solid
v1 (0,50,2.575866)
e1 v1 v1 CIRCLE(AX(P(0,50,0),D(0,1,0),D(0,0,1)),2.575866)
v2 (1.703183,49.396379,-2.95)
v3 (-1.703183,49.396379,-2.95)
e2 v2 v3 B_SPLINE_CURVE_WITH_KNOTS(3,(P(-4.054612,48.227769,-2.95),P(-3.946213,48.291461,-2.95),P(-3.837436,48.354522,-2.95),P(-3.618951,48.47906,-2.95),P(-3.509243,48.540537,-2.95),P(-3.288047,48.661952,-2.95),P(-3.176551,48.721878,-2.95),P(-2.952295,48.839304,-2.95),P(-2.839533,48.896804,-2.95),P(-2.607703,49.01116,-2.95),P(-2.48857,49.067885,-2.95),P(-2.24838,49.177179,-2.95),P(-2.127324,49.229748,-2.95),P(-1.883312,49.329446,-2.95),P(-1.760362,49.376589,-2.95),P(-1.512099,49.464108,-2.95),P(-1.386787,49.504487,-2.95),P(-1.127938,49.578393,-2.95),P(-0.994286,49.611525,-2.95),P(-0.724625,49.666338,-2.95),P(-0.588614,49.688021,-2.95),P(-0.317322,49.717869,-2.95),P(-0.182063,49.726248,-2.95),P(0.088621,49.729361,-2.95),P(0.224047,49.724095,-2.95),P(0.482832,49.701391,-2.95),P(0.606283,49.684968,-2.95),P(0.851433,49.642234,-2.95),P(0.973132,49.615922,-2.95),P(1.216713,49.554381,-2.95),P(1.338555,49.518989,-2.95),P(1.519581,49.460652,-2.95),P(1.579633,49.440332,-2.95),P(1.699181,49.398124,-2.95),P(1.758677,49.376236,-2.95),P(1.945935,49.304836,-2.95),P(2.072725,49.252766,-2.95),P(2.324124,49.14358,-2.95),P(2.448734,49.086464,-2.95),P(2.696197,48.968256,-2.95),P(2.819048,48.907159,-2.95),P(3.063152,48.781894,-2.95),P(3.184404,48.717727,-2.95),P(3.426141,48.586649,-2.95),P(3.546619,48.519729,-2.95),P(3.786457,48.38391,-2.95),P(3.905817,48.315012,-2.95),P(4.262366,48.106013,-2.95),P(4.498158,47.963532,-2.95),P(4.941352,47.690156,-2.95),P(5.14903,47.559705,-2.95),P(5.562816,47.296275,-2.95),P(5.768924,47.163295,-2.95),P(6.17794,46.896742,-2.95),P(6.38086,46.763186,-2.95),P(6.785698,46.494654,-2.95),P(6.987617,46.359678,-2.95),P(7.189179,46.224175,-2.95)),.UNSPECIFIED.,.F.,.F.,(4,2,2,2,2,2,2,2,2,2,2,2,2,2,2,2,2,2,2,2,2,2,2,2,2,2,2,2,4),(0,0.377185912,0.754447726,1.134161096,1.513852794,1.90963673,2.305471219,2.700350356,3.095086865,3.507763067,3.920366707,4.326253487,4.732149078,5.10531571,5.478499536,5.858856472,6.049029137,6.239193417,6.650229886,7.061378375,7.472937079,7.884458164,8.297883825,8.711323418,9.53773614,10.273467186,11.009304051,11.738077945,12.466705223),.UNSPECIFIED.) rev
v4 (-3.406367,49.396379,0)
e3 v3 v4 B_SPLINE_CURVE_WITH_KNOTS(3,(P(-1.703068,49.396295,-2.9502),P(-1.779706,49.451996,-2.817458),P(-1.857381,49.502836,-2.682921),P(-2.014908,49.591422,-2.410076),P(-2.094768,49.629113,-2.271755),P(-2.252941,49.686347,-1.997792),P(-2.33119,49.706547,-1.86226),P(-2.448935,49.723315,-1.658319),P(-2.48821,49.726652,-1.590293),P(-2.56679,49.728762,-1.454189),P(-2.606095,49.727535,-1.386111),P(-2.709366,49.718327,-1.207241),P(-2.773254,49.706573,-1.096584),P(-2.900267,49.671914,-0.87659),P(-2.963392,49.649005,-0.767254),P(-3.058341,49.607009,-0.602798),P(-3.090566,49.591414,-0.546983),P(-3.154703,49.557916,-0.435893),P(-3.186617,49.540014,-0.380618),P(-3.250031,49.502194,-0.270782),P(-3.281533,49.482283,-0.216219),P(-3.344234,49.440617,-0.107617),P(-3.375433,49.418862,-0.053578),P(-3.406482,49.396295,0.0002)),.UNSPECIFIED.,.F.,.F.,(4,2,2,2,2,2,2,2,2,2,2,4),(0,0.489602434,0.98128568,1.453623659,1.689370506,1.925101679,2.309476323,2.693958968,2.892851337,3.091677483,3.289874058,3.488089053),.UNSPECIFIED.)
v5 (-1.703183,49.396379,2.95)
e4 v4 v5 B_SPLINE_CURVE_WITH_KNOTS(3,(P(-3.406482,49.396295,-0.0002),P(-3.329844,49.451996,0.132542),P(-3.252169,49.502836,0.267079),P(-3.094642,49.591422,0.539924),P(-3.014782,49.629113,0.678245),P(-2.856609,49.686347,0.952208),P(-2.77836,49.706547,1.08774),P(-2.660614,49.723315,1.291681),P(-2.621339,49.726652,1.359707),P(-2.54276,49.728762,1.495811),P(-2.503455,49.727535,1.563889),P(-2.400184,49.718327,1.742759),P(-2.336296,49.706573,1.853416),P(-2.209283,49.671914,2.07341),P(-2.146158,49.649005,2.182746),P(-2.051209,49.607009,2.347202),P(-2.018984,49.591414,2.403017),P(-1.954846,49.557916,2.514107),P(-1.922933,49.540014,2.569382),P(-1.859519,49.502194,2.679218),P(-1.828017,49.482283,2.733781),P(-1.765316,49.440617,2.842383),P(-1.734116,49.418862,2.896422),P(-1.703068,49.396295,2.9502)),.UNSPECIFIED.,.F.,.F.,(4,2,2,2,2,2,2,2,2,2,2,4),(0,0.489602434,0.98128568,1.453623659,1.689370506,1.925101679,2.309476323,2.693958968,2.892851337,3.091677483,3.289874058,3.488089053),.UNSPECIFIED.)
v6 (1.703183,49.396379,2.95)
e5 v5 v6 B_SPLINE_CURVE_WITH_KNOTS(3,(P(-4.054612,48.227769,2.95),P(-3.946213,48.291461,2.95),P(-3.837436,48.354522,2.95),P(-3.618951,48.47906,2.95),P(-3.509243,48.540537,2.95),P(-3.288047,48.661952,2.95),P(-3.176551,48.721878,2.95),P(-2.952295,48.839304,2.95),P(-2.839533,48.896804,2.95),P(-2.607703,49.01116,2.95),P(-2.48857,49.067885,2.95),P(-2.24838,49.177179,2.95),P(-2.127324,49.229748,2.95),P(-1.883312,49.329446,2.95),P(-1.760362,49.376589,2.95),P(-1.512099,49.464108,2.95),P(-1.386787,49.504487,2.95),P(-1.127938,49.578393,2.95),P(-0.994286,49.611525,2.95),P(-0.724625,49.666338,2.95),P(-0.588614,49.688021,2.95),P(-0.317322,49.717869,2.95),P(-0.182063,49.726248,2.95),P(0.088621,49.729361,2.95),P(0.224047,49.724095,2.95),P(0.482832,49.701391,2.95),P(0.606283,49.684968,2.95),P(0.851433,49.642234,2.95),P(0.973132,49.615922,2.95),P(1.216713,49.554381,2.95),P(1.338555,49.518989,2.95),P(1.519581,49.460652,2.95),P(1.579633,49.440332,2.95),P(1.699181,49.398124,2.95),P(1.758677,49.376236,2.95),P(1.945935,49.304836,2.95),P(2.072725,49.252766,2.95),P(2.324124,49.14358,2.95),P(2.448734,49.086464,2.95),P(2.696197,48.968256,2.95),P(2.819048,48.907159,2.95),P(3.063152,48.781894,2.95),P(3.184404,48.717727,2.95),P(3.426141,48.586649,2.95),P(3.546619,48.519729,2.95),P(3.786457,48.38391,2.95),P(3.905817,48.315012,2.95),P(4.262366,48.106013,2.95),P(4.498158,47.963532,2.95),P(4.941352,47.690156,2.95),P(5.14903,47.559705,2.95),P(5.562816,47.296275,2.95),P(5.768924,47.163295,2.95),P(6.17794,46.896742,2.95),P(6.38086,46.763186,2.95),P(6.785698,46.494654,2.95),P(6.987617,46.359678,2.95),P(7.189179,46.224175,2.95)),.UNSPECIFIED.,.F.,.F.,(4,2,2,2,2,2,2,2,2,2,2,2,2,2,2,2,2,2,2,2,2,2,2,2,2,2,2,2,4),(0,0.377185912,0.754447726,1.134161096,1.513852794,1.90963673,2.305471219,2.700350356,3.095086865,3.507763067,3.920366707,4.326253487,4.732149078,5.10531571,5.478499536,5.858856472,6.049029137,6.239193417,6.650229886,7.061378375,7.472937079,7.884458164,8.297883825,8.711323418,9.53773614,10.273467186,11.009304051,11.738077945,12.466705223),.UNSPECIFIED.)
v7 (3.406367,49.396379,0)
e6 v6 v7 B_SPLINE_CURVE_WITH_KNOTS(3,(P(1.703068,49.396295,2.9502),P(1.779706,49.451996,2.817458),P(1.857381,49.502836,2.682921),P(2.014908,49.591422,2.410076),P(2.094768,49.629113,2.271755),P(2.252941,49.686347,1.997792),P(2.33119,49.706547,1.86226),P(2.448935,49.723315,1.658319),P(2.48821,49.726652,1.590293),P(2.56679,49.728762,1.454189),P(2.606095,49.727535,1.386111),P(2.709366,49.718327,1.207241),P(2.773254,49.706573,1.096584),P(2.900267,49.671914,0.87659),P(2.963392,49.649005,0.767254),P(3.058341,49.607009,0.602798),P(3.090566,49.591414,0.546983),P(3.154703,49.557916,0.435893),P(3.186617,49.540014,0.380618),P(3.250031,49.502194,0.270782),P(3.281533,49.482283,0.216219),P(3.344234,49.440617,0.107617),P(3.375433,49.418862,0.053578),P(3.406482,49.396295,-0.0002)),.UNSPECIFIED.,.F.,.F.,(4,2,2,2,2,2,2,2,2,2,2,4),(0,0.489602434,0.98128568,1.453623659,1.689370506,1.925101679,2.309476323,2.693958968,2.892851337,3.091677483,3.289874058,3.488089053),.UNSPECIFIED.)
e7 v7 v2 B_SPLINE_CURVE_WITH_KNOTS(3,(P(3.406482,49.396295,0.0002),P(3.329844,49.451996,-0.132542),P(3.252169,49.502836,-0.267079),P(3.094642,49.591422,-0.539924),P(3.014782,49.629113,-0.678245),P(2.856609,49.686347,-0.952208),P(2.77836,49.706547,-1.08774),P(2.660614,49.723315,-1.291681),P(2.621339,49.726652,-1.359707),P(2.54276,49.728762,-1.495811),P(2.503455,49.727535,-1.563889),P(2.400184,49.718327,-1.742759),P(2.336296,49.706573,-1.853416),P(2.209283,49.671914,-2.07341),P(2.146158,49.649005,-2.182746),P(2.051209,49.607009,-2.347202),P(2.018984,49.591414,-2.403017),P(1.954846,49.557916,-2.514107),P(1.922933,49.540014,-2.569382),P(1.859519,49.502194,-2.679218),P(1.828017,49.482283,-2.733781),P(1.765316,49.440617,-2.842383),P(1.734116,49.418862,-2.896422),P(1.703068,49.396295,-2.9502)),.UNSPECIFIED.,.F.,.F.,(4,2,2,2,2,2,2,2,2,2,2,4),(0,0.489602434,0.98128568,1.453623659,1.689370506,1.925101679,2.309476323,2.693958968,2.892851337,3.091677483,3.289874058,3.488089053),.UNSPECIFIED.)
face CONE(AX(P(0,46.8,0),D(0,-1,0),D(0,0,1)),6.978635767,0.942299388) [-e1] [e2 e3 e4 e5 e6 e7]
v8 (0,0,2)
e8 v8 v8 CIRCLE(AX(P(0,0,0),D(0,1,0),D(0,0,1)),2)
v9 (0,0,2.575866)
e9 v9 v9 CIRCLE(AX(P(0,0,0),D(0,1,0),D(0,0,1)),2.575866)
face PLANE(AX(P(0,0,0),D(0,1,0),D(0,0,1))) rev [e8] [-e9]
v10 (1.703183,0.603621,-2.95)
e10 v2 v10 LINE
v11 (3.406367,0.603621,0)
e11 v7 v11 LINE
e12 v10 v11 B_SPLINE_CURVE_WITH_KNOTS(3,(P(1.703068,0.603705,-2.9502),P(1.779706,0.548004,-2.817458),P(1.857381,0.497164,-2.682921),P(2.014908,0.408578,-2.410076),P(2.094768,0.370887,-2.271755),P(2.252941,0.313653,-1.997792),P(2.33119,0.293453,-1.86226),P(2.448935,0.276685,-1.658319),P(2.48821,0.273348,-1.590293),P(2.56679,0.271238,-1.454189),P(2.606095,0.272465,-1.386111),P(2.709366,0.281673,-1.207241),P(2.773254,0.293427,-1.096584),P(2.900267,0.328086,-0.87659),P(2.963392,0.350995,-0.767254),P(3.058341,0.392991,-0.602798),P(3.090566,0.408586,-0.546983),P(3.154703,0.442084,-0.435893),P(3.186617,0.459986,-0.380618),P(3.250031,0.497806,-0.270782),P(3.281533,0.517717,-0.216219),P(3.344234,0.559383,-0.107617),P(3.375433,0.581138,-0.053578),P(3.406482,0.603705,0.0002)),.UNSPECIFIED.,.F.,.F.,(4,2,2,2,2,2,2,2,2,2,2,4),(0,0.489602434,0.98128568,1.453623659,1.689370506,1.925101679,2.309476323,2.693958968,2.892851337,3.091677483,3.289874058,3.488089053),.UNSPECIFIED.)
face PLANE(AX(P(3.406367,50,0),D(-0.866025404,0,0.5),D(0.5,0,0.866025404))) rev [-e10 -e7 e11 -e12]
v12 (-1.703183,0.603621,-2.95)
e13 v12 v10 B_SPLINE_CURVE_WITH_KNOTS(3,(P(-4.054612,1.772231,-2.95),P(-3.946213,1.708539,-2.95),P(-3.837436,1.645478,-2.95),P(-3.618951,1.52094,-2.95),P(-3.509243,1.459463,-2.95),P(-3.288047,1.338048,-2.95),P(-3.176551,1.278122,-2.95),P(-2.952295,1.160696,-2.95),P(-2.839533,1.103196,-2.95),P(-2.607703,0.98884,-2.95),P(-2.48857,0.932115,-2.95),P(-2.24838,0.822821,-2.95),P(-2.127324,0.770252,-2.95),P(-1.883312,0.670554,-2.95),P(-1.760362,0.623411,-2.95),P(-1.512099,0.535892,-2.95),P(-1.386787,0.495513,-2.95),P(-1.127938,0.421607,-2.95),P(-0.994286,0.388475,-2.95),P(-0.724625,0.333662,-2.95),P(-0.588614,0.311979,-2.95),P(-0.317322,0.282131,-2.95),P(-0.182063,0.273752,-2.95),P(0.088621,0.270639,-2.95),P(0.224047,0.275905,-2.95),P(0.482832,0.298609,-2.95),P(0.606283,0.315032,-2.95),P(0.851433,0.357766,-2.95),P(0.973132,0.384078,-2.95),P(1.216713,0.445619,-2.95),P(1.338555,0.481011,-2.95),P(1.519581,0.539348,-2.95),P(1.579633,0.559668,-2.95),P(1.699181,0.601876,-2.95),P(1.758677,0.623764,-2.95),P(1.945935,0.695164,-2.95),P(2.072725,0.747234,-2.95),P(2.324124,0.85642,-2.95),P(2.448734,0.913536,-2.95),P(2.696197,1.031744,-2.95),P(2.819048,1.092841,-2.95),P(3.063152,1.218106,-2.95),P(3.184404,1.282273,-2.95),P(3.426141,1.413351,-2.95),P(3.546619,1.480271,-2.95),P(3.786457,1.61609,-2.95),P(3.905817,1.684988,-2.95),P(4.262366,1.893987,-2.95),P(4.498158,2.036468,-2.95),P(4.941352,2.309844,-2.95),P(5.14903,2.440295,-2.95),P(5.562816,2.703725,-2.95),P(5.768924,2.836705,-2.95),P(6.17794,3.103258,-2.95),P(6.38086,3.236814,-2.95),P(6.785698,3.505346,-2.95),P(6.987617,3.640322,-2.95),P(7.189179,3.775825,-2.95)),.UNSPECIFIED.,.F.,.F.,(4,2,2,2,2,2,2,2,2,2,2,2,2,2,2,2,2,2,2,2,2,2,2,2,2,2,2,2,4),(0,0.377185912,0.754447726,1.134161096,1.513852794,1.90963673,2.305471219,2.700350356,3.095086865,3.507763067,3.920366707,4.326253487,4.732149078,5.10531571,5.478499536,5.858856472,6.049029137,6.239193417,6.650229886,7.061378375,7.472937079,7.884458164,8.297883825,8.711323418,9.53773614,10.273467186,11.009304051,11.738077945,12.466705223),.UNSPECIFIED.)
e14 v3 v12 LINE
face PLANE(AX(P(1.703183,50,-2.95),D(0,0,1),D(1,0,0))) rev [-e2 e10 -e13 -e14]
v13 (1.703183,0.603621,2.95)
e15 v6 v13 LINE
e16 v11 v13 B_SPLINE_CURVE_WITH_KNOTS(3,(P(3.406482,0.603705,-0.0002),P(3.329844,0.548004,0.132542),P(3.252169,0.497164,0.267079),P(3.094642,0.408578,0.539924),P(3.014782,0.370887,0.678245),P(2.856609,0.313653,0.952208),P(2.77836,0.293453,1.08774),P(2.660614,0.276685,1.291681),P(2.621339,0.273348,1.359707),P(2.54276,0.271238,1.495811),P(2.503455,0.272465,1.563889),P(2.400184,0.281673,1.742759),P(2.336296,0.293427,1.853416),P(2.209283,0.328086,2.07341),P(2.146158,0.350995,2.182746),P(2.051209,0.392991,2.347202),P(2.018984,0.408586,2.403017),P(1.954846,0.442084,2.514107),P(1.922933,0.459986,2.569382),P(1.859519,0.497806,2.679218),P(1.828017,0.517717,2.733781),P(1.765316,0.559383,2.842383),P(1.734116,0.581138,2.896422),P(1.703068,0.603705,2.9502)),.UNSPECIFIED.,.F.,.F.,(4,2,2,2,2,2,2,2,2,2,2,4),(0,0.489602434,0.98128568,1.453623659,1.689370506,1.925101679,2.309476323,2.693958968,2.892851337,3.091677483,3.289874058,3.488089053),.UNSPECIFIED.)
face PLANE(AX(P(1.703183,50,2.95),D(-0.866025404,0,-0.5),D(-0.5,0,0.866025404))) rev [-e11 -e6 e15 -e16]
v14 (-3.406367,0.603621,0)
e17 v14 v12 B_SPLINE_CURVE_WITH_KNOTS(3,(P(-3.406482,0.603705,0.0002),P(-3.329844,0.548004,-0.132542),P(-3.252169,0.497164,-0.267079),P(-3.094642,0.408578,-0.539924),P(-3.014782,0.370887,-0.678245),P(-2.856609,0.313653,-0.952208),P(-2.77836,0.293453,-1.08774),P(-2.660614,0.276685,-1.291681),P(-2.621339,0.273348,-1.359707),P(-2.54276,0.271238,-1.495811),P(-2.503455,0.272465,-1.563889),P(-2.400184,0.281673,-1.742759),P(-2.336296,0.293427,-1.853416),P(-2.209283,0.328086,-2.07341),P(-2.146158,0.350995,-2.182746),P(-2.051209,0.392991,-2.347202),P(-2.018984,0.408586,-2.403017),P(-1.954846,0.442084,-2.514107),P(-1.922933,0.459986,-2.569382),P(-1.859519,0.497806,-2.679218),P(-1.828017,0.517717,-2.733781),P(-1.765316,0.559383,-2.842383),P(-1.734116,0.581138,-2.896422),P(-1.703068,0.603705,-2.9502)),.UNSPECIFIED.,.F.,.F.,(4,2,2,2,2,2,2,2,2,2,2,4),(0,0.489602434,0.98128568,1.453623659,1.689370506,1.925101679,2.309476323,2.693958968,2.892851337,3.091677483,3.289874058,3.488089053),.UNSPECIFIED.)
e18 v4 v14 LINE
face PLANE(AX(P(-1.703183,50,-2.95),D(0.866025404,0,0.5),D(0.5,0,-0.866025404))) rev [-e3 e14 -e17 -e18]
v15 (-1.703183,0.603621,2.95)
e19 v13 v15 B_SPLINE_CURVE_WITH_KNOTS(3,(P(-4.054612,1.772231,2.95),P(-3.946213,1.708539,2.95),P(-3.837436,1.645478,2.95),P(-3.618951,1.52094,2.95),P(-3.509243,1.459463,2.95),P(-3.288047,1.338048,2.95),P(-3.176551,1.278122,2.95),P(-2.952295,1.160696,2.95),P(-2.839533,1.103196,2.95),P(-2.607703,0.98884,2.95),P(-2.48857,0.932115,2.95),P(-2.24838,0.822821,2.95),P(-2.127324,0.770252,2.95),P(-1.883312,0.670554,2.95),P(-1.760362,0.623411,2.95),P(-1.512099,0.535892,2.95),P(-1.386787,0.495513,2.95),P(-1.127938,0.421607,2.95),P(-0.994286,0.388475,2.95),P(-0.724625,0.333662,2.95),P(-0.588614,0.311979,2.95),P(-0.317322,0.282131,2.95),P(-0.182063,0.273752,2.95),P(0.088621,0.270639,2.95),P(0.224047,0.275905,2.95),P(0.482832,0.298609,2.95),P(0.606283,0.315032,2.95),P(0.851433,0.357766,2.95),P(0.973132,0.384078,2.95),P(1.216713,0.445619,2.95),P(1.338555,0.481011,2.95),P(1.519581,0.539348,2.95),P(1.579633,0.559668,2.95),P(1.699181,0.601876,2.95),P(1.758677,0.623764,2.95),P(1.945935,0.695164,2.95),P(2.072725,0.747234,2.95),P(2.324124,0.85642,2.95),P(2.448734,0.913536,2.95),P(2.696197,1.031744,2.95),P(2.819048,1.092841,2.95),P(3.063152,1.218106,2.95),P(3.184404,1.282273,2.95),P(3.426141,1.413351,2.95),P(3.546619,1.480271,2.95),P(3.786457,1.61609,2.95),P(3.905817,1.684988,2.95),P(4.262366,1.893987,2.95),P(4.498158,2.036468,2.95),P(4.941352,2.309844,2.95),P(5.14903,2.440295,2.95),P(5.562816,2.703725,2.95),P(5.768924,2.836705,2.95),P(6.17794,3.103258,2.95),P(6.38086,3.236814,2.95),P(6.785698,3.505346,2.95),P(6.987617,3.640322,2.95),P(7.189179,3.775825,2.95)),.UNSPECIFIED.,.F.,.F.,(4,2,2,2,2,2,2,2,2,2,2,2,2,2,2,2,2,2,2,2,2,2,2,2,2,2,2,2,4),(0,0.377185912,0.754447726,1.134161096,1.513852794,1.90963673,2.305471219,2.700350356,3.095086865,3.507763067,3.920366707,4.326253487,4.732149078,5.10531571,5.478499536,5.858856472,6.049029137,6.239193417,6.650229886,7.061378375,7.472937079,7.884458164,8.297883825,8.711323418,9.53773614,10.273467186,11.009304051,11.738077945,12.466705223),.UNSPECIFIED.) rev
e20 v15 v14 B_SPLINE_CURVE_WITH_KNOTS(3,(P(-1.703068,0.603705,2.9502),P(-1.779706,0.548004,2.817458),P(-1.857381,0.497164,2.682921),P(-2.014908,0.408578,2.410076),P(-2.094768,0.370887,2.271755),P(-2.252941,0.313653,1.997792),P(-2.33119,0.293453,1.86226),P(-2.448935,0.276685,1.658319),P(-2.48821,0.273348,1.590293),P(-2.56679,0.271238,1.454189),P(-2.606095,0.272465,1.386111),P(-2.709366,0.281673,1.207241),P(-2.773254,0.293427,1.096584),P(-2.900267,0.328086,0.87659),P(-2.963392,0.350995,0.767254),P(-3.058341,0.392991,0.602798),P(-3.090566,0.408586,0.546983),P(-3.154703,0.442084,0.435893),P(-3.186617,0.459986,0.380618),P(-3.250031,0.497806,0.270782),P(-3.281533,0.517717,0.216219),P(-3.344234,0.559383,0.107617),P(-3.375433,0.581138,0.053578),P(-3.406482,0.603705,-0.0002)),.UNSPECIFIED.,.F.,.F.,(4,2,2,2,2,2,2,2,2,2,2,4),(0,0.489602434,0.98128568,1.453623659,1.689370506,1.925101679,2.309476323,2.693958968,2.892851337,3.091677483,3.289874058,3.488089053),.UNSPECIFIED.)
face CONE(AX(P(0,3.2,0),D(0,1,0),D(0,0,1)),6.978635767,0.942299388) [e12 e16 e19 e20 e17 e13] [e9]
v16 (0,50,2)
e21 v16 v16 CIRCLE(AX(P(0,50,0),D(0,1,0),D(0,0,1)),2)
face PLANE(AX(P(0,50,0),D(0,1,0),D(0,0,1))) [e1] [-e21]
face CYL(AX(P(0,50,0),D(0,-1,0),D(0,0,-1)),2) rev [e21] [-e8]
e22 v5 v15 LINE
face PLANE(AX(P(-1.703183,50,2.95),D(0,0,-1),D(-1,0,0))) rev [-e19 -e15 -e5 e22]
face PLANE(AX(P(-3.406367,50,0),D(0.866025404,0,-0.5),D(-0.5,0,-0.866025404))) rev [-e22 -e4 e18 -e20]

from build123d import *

# Parameters (mm, degrees)
SKETCH_1_R      = 2
EXTRUDE_1_DEPTH = 50


with BuildPart() as part:
    # 草图1 → 凸台-拉伸1 (new body)
    with BuildSketch(Plane(origin=(0, 0, 0), x_dir=(1, 0, 0), z_dir=(0, 1, 0))):
        Polygon((1.703183294, -2.95), (3.406366588, 0), (1.703183294, 2.95), (-1.703183294, 2.95), (-3.406366588, 0), (-1.703183294, -2.95), align=None)
        with Locations(Location((0, 0, 0), (0, 0, 270))):
            Circle(SKETCH_1_R, mode=Mode.SUBTRACT)
    extrude(amount=EXTRUDE_1_DEPTH)

    # 草图3 → 切除-旋转1 (revolve, cut)
    with BuildSketch(Plane.XY, mode=Mode.PRIVATE) as cut_revolve_1_sk:
        Polygon((6.978635767, 3.2), (1.2, -1), (6.978635767, -1), align=None)
    cut_revolve_1 = revolve(cut_revolve_1_sk.sketch.rotate(Axis((0, 59.182101856, 0), (0, -1, 0)), 90), axis=Axis((0, 59.182101856, 0), (0, -1, 0)), mode=Mode.SUBTRACT)

    # 镜向1: 切除-旋转1 across plane
    add(cut_revolve_1.mirror(Plane.ZX.offset(25)), mode=Mode.SUBTRACT)


solid = part.part
